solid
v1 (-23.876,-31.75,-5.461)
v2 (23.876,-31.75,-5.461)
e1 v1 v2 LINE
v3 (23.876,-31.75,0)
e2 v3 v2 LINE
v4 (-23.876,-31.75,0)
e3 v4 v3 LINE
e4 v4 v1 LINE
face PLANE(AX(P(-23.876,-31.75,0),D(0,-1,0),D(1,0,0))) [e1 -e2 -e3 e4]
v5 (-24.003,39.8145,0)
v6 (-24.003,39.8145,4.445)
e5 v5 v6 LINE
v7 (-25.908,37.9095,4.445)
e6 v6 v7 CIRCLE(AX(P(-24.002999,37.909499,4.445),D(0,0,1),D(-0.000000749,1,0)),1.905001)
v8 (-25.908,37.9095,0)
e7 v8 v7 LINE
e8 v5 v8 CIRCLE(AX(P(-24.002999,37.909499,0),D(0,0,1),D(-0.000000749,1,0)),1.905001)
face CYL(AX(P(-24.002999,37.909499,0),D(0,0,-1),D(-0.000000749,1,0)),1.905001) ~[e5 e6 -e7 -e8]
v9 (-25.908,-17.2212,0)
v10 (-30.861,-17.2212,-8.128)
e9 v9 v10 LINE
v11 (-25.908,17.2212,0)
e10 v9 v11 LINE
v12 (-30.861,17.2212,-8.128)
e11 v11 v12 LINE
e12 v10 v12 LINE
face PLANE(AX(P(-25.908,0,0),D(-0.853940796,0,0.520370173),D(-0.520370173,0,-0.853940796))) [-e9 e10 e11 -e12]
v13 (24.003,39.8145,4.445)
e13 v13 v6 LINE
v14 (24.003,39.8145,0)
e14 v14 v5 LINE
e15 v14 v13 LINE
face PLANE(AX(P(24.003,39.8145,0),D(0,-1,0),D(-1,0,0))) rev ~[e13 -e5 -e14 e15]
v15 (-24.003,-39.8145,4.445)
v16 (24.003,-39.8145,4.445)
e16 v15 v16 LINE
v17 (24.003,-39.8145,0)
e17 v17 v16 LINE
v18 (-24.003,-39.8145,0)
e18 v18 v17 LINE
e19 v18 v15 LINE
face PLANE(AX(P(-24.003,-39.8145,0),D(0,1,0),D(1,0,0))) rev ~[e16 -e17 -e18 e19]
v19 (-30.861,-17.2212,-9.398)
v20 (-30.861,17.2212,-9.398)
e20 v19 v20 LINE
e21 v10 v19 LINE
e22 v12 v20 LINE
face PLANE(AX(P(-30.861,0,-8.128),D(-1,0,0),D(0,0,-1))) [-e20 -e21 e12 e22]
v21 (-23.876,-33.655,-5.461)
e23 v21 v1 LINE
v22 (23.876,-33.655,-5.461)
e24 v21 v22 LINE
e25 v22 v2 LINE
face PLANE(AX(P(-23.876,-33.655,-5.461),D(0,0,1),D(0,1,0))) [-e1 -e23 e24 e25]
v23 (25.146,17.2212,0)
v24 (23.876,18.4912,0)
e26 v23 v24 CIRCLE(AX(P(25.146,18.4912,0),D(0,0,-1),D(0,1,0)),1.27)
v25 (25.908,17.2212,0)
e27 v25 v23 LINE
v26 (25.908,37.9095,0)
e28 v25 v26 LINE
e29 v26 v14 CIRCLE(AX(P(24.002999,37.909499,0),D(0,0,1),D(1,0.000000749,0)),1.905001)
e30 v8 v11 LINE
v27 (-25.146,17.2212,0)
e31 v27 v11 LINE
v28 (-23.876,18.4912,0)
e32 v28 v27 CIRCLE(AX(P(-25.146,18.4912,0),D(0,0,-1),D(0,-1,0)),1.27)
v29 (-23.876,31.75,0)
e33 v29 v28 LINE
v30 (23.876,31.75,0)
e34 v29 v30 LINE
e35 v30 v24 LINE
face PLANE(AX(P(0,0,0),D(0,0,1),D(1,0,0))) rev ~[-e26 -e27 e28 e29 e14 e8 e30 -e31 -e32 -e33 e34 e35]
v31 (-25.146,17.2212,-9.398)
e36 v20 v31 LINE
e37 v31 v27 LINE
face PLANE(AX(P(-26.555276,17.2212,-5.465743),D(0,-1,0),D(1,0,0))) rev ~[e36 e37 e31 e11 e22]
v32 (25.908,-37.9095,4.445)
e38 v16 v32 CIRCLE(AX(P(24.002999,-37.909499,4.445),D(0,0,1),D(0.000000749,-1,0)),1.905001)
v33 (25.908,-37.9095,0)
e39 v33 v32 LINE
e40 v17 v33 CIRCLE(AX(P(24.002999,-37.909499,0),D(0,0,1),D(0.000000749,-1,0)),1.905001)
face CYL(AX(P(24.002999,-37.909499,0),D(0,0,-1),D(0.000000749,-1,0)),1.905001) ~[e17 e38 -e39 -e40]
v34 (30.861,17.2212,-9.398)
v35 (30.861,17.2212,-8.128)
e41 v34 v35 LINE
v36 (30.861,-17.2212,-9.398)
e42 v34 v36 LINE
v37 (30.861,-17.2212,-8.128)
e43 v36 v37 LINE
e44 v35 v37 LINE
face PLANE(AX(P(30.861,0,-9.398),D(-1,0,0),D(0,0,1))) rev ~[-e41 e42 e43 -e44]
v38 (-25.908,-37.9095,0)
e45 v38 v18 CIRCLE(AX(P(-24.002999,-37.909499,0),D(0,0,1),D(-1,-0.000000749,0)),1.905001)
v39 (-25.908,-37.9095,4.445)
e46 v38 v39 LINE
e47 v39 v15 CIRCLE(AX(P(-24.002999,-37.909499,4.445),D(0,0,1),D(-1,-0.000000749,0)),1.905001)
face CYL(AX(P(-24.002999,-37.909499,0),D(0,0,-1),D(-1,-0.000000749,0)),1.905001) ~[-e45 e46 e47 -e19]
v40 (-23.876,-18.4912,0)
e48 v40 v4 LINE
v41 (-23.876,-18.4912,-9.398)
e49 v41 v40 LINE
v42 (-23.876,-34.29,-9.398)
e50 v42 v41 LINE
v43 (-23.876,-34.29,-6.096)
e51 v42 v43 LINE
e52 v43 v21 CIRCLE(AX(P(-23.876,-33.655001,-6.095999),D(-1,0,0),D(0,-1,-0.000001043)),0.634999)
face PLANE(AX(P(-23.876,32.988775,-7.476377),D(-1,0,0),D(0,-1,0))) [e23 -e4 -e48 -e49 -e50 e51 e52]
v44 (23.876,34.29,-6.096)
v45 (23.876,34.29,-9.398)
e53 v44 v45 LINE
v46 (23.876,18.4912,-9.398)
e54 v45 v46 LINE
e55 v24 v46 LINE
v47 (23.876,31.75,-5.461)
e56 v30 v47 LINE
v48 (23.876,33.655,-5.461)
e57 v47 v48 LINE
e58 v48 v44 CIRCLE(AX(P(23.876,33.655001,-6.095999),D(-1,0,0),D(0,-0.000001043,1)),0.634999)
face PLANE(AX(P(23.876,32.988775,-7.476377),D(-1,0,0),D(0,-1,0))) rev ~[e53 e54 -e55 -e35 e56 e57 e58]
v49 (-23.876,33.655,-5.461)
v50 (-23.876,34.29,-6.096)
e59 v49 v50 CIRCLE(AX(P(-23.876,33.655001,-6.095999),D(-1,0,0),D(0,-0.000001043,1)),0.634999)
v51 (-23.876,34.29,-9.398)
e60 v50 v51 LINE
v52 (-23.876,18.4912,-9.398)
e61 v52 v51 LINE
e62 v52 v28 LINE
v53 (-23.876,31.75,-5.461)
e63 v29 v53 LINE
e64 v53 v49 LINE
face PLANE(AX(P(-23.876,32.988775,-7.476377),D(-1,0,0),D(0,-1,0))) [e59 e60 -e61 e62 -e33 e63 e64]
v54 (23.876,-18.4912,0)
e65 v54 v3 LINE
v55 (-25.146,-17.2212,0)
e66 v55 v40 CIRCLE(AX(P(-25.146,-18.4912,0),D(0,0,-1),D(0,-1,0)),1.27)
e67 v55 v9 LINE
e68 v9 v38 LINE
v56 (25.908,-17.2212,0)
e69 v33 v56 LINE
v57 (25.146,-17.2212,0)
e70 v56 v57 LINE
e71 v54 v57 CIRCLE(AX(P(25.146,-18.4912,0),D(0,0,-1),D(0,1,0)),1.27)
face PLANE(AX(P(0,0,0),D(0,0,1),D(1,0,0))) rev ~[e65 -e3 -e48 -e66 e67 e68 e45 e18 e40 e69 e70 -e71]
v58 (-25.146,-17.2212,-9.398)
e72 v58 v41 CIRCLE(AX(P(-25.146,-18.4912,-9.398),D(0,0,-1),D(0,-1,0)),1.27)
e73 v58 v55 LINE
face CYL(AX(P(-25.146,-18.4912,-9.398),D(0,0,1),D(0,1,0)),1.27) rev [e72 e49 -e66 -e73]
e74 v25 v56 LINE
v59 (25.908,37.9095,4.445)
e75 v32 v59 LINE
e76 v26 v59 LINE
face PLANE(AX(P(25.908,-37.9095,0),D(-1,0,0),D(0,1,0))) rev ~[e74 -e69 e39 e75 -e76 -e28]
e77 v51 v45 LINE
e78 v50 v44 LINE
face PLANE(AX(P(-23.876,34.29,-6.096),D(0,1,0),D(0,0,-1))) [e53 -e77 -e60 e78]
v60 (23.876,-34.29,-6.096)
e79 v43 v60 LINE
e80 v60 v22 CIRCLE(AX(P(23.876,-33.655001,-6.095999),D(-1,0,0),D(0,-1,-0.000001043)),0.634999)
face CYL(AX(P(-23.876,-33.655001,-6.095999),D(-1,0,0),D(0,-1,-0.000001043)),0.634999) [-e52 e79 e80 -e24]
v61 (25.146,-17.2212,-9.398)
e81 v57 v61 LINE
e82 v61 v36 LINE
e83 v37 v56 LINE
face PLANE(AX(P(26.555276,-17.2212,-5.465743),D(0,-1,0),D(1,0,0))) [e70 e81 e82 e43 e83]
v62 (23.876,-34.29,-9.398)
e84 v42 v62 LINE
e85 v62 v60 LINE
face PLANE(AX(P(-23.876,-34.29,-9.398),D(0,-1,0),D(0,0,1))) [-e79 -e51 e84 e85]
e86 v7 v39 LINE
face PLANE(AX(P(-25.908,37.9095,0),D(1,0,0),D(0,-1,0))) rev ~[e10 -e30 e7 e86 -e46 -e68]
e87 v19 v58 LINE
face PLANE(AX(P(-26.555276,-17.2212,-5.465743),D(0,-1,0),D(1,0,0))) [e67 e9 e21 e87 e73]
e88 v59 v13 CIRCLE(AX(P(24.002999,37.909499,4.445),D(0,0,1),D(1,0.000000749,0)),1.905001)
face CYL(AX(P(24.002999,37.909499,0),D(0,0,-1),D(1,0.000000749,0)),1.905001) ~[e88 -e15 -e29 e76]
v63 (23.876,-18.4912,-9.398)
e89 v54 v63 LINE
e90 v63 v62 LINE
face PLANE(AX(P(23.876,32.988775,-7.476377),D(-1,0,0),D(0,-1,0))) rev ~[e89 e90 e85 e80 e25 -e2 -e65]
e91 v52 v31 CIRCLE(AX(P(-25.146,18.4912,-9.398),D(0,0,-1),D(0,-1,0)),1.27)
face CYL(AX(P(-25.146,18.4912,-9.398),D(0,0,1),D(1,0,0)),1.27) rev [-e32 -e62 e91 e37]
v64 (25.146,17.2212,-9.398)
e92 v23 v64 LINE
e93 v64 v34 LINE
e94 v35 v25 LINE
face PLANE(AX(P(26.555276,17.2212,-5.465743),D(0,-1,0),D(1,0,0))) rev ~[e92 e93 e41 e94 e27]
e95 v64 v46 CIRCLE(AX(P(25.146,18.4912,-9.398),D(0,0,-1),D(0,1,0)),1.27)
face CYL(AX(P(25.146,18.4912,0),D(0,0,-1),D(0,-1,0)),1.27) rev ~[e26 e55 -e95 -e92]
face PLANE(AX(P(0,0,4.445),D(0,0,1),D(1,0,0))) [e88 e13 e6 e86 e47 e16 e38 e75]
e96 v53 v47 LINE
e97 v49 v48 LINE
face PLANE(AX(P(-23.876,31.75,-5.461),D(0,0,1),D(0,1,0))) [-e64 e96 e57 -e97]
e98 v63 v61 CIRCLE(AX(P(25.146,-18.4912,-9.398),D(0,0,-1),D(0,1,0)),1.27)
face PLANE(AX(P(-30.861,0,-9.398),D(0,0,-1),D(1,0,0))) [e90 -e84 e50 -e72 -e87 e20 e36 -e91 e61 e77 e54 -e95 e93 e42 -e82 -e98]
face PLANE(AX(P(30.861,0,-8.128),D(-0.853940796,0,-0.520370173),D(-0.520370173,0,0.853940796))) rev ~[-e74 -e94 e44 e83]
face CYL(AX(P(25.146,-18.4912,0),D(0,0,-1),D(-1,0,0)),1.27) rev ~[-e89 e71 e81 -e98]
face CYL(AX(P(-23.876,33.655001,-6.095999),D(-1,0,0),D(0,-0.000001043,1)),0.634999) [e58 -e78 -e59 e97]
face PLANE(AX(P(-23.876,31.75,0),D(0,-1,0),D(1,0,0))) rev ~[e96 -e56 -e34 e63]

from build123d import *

# Parameters (mm, degrees)
F1_DEPTH      = 4.445
F2_W          = 47.752
F2_H          = 63.5
F3_DEPTH      = 9.398
F5_DEPTH      = 47.752
F7_DEPTH      = 17.2212
F7_DEPTH_BACK = 17.2212
F8_R          = 1.27


with BuildPart() as f1:
    # F0 (on Top) → F1 (new body)
    with BuildSketch(Plane.XY):
        with BuildLine():
            Line((-24.003, -39.8145), (24.003, -39.8145))
            ThreePointArc((24.003, -39.8145), (25.350038, -39.256538), (25.908, -37.9095))
            Line((25.908, -37.9095), (25.908, 37.9095))
            ThreePointArc((25.908, 37.9095), (25.350038, 39.256538), (24.003, 39.8145))
            Line((24.003, 39.8145), (-24.003, 39.8145))
            ThreePointArc((-24.003, 39.8145), (-25.350038, 39.256538), (-25.908, 37.9095))
            Line((-25.908, 37.9095), (-25.908, -37.9095))
            ThreePointArc((-25.908, -37.9095), (-25.350038, -39.256538), (-24.003, -39.8145))
        make_face()
    extrude(amount=F1_DEPTH)

    # F2 (on face) → F3 (join)
    with BuildSketch(Plane(origin=(0, 0, 0), x_dir=(1, 0, 0), z_dir=(0, 0, -1))):
        Rectangle(F2_W, F2_H)
    extrude(amount=F3_DEPTH)

    # F4 (on face) → F5 (join, through all)
    with BuildSketch(Plane(origin=(-23.876, 0, 0), x_dir=(0, -1, 0), z_dir=(-1, 0, 0))):
        with BuildLine():
            Line((-34.29, -9.398), (-31.75, -9.398))
            Line((-31.75, -9.398), (-31.75, -5.461))
            Line((-31.75, -5.461), (-33.655, -5.461))
            ThreePointArc((-33.655, -5.461), (-34.104013, -5.646987), (-34.29, -6.096))
            Line((-34.29, -6.096), (-34.29, -9.398))
        make_face()
        with BuildLine():
            ThreePointArc((34.29, -6.096), (34.104013, -5.646987), (33.655, -5.461))
            Line((33.655, -5.461), (31.75, -5.461))
            Line((31.75, -5.461), (31.75, -9.398))
            Line((31.75, -9.398), (34.29, -9.398))
            Line((34.29, -9.398), (34.29, -6.096))
        make_face()
    extrude(amount=-F5_DEPTH)

    # F6 (on Front) → F7 (join, two sides)
    with BuildSketch(Plane.XZ) as f7_sk:
        Polygon((-30.861, -9.398), (-23.876, -9.398), (-23.876, 0), (-25.908, 0), (-30.861, -8.128), align=None)
        Polygon((30.861, -9.398), (30.861, -8.128), (25.908, 0), (23.876, 0), (23.876, -9.398), align=None)
    extrude(amount=F7_DEPTH)
    extrude(f7_sk.sketch, amount=-F7_DEPTH_BACK)

    # F8
    f8_edges = [f1.edges().sort_by_distance(p)[0] for p in [
        (23.876, -17.2212, -4.699),
        (23.876, 17.2212, -4.699),
        (-23.876, 17.2212, -4.699),
        (-23.876, -17.2212, -4.699),
    ]]
    fillet(f8_edges, radius=F8_R)


solid = f1.part
